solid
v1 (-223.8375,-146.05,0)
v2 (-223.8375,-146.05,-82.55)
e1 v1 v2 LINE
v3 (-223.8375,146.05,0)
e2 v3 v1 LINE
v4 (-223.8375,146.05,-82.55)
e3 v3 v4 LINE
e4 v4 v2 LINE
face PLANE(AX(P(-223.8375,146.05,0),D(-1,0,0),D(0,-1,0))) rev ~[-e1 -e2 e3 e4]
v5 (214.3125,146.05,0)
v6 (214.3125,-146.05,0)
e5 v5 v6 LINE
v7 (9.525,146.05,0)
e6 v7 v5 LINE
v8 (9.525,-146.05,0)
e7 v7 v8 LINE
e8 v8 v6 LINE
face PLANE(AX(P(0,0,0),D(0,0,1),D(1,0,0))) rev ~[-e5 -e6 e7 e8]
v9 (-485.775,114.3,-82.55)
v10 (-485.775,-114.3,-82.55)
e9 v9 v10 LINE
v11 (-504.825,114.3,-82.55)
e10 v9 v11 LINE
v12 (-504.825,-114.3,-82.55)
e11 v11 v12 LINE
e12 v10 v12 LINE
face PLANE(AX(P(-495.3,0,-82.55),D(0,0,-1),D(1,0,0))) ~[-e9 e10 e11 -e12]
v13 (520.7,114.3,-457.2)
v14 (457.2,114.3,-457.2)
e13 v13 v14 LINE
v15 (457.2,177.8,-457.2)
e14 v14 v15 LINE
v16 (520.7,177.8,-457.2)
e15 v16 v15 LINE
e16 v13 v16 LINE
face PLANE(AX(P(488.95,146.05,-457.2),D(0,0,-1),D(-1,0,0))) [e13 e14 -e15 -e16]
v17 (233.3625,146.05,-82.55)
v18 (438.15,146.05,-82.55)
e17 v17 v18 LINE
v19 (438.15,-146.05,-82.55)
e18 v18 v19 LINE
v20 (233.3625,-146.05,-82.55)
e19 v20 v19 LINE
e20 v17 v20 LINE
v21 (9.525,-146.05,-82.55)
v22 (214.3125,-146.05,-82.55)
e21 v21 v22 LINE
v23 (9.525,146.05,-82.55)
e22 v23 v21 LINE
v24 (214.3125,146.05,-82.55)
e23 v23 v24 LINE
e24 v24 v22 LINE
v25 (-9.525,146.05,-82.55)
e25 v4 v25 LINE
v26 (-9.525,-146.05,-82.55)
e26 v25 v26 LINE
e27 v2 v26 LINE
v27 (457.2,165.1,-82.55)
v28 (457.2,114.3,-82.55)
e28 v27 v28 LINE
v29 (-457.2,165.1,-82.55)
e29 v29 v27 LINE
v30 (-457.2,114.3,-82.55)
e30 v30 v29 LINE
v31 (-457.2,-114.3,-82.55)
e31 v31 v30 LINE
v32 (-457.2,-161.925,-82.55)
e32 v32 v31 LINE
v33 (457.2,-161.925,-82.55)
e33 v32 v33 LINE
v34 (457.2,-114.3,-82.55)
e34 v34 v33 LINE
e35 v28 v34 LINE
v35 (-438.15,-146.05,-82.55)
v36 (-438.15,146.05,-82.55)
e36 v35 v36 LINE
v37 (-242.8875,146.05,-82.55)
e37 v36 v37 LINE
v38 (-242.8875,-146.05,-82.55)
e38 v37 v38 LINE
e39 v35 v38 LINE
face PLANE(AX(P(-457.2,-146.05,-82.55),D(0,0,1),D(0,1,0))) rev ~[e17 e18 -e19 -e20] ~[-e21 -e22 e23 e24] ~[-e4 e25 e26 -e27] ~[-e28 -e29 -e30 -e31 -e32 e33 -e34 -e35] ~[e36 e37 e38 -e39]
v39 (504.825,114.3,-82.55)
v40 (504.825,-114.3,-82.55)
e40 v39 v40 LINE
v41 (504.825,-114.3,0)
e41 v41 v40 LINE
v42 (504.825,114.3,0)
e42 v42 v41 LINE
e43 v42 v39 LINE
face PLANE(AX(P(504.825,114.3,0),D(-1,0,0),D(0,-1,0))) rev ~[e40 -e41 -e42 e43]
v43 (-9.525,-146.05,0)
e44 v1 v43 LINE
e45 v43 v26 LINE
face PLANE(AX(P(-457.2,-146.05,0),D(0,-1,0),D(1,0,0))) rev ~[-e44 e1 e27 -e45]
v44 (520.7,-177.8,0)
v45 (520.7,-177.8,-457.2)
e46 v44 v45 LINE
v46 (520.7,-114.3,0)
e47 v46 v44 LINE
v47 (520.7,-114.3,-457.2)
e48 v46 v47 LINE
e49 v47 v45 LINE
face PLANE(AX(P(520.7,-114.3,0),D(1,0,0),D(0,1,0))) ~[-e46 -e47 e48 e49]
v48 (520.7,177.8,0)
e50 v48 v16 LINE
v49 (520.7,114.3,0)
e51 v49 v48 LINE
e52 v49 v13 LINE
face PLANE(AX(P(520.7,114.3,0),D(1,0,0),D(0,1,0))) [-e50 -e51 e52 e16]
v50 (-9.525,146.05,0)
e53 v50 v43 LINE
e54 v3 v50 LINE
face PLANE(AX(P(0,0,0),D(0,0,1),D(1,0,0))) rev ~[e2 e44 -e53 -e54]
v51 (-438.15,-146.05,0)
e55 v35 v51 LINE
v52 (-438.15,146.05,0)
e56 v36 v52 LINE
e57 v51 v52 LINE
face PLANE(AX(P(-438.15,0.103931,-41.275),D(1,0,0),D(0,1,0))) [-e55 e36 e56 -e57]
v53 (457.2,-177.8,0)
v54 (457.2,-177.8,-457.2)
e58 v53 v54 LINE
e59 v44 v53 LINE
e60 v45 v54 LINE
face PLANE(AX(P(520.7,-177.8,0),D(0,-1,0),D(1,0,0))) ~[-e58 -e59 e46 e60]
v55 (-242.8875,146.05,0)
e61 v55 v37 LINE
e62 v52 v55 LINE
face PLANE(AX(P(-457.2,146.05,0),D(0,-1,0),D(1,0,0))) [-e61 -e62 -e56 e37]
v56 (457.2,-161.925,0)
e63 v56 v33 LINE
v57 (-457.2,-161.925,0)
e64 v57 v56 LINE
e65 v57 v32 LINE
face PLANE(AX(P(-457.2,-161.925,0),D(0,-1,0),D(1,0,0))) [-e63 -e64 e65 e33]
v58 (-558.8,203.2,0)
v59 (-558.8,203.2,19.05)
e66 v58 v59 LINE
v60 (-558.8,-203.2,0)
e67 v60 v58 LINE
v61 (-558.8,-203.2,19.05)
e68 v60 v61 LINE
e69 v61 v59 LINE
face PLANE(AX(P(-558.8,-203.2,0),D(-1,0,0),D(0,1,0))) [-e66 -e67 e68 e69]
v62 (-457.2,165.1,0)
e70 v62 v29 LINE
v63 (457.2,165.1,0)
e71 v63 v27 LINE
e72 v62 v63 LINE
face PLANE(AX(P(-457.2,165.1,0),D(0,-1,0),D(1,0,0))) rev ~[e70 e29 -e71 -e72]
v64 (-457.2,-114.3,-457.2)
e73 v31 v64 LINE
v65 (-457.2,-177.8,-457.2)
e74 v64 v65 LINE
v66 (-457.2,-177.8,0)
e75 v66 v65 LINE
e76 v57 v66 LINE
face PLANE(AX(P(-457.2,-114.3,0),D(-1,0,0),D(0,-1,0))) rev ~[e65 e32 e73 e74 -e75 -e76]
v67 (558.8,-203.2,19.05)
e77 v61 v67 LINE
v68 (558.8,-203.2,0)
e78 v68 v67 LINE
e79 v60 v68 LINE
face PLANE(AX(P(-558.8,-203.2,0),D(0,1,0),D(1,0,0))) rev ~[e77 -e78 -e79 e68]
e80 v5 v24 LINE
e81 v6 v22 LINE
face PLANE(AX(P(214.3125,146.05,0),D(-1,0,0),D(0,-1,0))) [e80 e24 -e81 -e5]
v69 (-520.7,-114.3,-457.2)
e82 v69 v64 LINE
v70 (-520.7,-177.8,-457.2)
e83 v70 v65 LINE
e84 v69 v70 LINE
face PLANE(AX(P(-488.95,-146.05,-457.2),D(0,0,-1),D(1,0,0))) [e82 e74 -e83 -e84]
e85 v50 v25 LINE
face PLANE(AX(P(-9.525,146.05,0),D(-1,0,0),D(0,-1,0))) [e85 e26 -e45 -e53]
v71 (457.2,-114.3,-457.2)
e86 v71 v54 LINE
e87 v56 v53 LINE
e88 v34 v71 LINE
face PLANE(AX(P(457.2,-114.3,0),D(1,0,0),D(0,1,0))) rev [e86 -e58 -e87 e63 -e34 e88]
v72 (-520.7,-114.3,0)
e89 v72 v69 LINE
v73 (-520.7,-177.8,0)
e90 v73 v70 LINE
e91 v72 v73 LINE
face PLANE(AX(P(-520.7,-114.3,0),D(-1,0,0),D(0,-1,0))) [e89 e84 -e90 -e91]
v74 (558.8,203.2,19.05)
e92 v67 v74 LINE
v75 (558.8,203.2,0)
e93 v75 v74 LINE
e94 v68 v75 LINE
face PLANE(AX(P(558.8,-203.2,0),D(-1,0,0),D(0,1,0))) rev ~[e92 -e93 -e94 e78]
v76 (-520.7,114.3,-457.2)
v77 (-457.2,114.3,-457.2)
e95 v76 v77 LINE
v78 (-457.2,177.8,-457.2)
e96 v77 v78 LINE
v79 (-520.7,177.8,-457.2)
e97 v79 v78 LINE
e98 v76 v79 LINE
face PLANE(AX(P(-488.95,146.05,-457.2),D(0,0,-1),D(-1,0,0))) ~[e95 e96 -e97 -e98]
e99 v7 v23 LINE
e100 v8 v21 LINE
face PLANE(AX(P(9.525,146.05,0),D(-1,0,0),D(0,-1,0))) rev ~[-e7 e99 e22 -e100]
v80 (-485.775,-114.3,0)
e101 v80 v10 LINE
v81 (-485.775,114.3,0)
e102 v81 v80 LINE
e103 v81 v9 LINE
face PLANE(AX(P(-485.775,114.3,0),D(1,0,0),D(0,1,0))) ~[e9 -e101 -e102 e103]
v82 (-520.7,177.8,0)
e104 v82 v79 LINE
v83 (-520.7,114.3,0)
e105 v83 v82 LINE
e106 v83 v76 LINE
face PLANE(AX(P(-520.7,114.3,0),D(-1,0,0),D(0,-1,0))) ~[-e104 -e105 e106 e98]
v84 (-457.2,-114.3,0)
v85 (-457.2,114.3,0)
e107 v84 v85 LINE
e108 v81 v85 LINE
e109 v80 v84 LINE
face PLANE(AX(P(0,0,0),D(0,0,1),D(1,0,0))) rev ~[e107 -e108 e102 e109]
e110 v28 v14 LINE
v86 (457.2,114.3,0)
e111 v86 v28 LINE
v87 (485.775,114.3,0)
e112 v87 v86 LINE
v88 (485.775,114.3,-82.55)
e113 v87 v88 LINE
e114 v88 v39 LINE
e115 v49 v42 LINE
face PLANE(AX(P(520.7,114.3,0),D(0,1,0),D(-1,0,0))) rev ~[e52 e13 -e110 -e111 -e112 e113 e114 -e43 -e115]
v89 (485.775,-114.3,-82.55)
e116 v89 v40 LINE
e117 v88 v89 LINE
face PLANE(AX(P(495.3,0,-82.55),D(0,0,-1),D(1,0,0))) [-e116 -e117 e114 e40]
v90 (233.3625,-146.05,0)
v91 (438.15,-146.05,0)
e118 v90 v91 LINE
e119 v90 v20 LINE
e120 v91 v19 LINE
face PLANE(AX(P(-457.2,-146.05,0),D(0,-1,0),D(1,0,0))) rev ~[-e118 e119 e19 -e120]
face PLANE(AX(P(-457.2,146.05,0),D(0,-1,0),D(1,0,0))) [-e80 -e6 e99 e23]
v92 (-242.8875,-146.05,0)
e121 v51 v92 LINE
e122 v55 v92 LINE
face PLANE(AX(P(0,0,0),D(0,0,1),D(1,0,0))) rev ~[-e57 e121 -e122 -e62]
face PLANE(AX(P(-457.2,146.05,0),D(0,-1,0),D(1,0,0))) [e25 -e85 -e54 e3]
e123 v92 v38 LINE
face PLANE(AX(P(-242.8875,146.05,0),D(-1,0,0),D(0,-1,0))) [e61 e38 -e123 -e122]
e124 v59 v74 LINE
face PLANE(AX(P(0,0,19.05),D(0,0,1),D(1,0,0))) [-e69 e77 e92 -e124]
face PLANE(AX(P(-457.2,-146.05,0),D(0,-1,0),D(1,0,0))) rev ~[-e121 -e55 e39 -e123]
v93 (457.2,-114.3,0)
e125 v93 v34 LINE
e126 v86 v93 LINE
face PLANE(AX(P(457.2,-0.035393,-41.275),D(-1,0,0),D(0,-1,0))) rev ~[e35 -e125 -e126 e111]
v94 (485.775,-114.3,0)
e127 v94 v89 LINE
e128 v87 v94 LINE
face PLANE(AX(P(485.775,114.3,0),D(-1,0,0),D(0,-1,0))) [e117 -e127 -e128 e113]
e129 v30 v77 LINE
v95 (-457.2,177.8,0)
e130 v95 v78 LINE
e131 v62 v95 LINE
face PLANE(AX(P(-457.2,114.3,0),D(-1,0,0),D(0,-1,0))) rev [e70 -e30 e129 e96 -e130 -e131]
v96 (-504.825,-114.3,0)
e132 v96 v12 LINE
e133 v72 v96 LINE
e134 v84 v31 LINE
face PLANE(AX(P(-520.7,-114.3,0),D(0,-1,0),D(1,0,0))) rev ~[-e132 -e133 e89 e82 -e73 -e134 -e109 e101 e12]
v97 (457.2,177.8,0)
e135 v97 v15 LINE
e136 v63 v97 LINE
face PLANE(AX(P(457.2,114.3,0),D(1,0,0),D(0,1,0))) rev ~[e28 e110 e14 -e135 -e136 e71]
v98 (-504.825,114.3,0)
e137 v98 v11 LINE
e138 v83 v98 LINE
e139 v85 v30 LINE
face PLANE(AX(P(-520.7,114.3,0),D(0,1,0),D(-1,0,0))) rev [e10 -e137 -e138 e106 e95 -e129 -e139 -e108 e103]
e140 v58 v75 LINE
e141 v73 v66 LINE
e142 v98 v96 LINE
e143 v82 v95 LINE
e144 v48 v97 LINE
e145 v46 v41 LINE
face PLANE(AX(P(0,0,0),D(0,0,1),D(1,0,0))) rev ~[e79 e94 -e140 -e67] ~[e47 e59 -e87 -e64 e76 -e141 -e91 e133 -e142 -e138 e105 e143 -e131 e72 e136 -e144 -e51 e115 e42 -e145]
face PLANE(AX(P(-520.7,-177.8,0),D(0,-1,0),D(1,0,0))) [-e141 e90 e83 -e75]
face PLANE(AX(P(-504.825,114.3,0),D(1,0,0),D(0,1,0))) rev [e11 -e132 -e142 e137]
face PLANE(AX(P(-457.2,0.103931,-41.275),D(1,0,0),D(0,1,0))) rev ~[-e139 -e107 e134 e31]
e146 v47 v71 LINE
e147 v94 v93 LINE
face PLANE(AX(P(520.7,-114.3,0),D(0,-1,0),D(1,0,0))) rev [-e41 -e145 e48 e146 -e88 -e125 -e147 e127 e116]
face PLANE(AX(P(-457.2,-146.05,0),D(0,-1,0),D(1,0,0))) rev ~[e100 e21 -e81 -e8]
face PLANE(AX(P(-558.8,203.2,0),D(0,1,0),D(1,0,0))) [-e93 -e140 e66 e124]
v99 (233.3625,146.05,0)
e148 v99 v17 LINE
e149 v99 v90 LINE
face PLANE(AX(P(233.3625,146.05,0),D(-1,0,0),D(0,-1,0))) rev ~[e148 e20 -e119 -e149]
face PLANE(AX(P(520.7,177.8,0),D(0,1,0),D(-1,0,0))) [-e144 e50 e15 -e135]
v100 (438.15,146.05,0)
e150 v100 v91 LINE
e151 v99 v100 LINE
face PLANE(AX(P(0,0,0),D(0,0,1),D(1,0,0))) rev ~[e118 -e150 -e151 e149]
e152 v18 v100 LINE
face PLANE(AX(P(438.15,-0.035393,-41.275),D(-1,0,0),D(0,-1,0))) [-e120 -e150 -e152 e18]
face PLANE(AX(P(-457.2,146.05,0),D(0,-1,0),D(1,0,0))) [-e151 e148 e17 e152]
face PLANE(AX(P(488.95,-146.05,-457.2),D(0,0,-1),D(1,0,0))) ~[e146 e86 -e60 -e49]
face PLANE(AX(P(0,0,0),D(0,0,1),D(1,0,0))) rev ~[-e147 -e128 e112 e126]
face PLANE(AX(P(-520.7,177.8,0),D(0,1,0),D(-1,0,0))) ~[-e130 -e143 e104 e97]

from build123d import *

# Parameters (mm, degrees)
F0_W      = 1117.6
F0_H      = 406.4
F1_DEPTH  = 19.05
F2_W      = 63.5
F2_H      = 63.5
F3_DEPTH  = 457.2
F6_W      = 19.05
F6_H      = 228.6
F7_DEPTH  = 82.55
F9_W      = 914.4
F9_H      = 19.05
F10_DEPTH = 82.55
F11_W     = 914.4
F11_H     = 15.875
F12_DEPTH = 82.55
F13_W     = 292.1707866669
F13_H     = 82.55
F14_DEPTH = 19.05
F15_W     = 292.3078624487
F15_H     = 82.55
F16_DEPTH = 19.05
F17_W     = 19.05
F17_H     = 292.1
F18_DEPTH = 82.55
F19_W     = 19.05
F19_H     = 292.1
F20_DEPTH = 82.55
F21_W     = 19.05
F21_H     = 292.1
F22_DEPTH = 82.55


with BuildPart() as f1:
    # F0 (on Top) → F1 (new body)
    with BuildSketch(Plane.XY):
        Rectangle(F0_W, F0_H)
    extrude(amount=F1_DEPTH)

    # F2 (on face) → F3 (join)
    with BuildSketch(Plane(origin=(0, 0, 0), x_dir=(1, 0, 0), z_dir=(0, 0, -1))):
        with Locations((-488.95, 146.05)):
            Rectangle(F2_W, F2_H)
    extrude(amount=F3_DEPTH)

    # F4: F1 across plane


with BuildPart() as f1_1:
    add(f1.part)
    add(f1.part.mirror(Plane.XZ))

    # F5: F1 across plane


with BuildPart() as f1_2:
    add(f1_1.part)
    add(f1_1.part.mirror(Plane.YZ))

    # F6 (on face) → F7 (join)
    with BuildSketch(Plane(origin=(0, 0, 0), x_dir=(1, 0, 0), z_dir=(0, 0, -1))):
        with Locations((495.3, 0)):
            Rectangle(F6_W, F6_H)
    extrude(amount=F7_DEPTH)

    # F8: F1 across plane


with BuildPart() as f1_3:
    add(f1_2.part)
    add(f1_2.part.mirror(Plane.YZ))

    # F9 (on face) → F10 (join)
    with BuildSketch(Plane(origin=(0, 0, 0), x_dir=(1, 0, 0), z_dir=(0, 0, -1))):
        with Locations((0, -155.575)):
            Rectangle(F9_W, F9_H)
    extrude(amount=F10_DEPTH)

    # F11 (on face) → F12 (join)
    with BuildSketch(Plane(origin=(0, 0, 0), x_dir=(1, 0, 0), z_dir=(0, 0, -1))):
        with Locations((0, 153.9875)):
            Rectangle(F11_W, F11_H)
    extrude(amount=F12_DEPTH)

    # F13 (on face) → F14 (join)
    with BuildSketch(Plane(origin=(457.2, 0, 0), x_dir=(0, -1, 0), z_dir=(-1, 0, 0))):
        with Locations((0.0353933334, -41.275)):
            Rectangle(F13_W, F13_H)
    extrude(amount=F14_DEPTH)

    # F15 (on face) → F16 (join)
    with BuildSketch(Plane.YZ.offset(-457.2)):
        with Locations((0.1039312243, -41.275)):
            Rectangle(F15_W, F15_H)
    extrude(amount=F16_DEPTH)

    # F17 (on face) → F18 (join)
    with BuildSketch(Plane(origin=(0, 0, 0), x_dir=(1, 0, 0), z_dir=(0, 0, -1))):
        Rectangle(F17_W, F17_H)
    extrude(amount=F18_DEPTH)

    # F19 (on face) → F20 (join)
    with BuildSketch(Plane(origin=(0, 0, 0), x_dir=(1, 0, 0), z_dir=(0, 0, -1))):
        with Locations((-233.3625, 0)):
            Rectangle(F19_W, F19_H)
    extrude(amount=F20_DEPTH)

    # F21 (on face) → F22 (join)
    with BuildSketch(Plane(origin=(0, 0, 0), x_dir=(1, 0, 0), z_dir=(0, 0, -1))):
        with Locations((223.8375, 0)):
            Rectangle(F21_W, F21_H)
    extrude(amount=F22_DEPTH)


solid = f1_3.part
